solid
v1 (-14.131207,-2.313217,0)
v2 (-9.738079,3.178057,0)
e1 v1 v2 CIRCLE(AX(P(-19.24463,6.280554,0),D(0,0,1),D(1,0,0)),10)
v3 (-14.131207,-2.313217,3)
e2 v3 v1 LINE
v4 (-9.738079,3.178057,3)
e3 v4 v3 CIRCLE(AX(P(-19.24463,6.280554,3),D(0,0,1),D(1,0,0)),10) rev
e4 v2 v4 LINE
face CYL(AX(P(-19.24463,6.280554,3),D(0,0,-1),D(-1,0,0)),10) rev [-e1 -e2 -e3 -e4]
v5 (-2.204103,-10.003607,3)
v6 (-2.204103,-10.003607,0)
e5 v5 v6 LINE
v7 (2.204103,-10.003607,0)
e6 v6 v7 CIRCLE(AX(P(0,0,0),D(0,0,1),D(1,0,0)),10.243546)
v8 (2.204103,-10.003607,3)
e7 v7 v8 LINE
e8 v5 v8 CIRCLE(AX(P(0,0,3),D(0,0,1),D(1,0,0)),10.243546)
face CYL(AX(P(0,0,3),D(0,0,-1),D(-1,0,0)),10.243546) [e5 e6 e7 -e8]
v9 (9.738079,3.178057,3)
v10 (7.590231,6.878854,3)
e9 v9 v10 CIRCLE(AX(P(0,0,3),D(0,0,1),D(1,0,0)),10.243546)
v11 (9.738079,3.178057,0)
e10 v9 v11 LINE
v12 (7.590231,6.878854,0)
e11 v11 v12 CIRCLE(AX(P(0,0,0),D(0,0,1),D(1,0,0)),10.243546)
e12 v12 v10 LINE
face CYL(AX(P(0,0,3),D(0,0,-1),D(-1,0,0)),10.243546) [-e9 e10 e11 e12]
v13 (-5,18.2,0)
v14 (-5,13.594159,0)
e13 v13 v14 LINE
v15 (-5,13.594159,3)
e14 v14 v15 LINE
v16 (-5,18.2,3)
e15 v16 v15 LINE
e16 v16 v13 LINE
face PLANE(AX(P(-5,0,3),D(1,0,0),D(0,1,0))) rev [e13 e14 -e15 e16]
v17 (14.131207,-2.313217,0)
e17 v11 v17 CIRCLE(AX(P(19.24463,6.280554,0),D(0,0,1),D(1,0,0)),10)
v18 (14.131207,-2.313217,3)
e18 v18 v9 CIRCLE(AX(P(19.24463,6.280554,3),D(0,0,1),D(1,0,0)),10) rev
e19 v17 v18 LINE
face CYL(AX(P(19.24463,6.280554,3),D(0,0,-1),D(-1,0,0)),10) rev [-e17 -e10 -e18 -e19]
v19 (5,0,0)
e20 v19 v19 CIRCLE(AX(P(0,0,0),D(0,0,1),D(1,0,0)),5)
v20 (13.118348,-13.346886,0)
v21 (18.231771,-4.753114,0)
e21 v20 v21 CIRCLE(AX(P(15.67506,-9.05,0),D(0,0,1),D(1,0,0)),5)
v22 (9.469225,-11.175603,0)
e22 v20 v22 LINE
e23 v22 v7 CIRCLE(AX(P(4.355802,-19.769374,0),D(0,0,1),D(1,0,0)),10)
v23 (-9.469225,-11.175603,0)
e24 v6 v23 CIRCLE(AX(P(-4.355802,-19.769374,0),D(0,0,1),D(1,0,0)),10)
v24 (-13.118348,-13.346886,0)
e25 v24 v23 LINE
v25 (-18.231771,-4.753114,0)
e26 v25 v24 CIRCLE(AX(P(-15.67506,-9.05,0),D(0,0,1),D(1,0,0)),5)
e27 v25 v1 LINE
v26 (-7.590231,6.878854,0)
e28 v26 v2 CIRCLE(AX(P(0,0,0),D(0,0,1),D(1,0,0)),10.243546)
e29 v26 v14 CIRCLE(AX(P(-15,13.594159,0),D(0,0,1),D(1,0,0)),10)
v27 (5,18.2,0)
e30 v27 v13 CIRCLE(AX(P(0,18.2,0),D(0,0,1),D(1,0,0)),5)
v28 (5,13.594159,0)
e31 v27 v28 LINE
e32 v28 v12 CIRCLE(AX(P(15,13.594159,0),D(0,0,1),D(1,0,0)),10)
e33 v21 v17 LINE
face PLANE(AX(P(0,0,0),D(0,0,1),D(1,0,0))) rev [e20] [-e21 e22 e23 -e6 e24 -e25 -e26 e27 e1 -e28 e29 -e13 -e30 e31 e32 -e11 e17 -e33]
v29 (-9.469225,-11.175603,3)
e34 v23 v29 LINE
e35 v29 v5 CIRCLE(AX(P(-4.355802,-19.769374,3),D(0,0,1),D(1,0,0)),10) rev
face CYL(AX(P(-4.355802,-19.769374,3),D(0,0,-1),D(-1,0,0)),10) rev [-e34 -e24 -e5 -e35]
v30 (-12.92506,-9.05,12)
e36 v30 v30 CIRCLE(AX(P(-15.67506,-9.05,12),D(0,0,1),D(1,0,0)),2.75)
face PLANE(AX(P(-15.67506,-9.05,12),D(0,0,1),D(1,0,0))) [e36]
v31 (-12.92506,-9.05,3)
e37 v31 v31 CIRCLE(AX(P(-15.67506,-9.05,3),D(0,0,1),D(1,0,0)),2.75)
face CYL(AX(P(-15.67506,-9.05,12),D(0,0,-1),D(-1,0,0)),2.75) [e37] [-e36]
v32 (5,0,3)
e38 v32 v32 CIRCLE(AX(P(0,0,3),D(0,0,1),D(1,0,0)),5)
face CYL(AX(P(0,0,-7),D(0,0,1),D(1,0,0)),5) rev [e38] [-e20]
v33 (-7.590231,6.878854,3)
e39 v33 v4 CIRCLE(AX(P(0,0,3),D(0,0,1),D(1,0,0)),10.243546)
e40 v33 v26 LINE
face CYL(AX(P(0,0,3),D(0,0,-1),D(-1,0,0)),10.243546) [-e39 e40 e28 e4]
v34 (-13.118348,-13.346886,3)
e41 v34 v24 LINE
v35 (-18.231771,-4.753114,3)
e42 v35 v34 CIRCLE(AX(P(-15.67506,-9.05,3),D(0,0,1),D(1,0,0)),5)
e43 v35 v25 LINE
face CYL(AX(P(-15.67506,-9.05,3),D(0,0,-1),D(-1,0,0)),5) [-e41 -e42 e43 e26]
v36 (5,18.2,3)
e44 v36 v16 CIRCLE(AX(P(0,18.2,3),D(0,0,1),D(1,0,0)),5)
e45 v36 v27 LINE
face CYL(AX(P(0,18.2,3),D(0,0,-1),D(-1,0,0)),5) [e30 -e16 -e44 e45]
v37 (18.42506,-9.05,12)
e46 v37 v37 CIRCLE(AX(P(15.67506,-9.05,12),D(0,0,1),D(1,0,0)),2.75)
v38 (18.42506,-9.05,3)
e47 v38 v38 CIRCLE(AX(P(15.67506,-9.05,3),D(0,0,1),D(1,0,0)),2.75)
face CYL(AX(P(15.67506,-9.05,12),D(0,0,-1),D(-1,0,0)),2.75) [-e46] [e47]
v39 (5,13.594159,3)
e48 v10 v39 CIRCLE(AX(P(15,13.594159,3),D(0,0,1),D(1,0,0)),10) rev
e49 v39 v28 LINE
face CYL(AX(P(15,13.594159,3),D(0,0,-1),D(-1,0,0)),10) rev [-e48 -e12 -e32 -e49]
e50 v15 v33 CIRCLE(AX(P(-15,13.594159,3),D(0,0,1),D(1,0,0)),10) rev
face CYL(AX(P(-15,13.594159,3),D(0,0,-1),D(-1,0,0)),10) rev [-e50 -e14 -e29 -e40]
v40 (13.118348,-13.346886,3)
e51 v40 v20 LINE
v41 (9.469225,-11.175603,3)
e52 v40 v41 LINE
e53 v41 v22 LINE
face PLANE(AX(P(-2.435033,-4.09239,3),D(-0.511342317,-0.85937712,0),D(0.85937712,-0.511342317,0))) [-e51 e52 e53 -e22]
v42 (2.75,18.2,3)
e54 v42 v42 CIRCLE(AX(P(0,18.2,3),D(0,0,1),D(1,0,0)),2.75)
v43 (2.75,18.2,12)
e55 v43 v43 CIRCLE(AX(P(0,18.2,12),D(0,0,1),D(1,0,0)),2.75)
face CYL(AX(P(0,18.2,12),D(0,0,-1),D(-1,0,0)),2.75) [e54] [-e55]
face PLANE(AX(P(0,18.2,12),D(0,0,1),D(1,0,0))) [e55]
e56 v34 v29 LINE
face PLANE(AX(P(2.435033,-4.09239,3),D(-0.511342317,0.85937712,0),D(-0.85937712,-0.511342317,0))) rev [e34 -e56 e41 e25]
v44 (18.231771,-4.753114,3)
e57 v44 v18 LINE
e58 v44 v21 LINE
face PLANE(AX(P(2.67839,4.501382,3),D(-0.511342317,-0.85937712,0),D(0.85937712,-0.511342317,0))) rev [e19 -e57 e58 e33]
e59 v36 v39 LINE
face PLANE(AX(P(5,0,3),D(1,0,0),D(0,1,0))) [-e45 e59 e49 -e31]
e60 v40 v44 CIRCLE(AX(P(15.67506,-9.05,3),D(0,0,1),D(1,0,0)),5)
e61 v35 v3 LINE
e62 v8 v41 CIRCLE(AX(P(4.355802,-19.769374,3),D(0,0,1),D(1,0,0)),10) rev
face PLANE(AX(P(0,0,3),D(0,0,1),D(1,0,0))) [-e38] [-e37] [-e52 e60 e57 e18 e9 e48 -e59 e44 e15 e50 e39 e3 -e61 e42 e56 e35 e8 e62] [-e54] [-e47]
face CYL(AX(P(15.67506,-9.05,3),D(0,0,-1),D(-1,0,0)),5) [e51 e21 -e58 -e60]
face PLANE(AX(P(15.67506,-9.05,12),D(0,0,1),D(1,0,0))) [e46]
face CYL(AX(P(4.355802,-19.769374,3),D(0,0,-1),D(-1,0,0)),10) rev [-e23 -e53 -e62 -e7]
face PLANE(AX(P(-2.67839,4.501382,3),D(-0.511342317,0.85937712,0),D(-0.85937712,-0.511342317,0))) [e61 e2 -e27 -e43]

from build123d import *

# Parameters (mm, degrees)
SALIENTE_EXTRUIR1_DEPTH = 3
CROQUIS3_R              = 5
CORTAR_EXTRUIR2_DEPTH   = 10
REDONDEO1_R             = 10
CROQUIS2_R              = 2.75
SALIENTE_EXTRUIR2_DEPTH = 9


with BuildPart() as part:
    # Croquis1 → Saliente-Extruir1 (new body)
    with BuildSketch(Plane.XY):
        with BuildLine():
            Line((-13.118348224, -13.346885602), (-5.358962429, -8.729934305))
            ThreePointArc((-5.358962429, -8.729934305), (0, -10.243545836), (5.358962429, -8.729934305))
            Line((5.358962429, -8.729934305), (13.118348224, -13.346885602))
            ThreePointArc((13.118348224, -13.346885602), (19.97194541, -11.606711584), (18.231771393, -4.753114398))
            Line((18.231771393, -4.753114398), (10.243545836, 0))
            ThreePointArc((10.243545836, 0), (8.83594818, 5.182301714), (5, 8.94037087))
            Line((5, 8.94037087), (5, 18.2))
            ThreePointArc((5, 18.2), (0, 23.2), (-5, 18.2))
            Line((-5, 18.2), (-5, 8.94037087))
            ThreePointArc((-5, 8.94037087), (-8.83594818, 5.182301714), (-10.243545836, 0))
            Line((-10.243545836, 0), (-18.231771393, -4.753114398))
            ThreePointArc((-18.231771393, -4.753114398), (-19.97194541, -11.606711584), (-13.118348224, -13.346885602))
        make_face()
    extrude(amount=SALIENTE_EXTRUIR1_DEPTH)

    # Croquis3 → Cortar-Extruir2 (cut)
    with BuildSketch(Plane.XY.offset(3)):
        Circle(CROQUIS3_R)
    extrude(amount=-CORTAR_EXTRUIR2_DEPTH, mode=Mode.SUBTRACT)

    # Redondeo1
    redondeo1_edges = [part.edges().sort_by_distance(p)[0] for p in [
        (-10.243545836, 0, 1.5),
        (-5, 8.94037087, 1.5),
        (5, 8.94037087, 1.5),
        (10.243545836, 0, 1.5),
        (5.358962429, -8.729934305, 1.5),
        (-5.358962429, -8.729934305, 1.5),
    ]]
    fillet(redondeo1_edges, radius=REDONDEO1_R)

    # Croquis2 → Saliente-Extruir2 (add)
    with BuildSketch(Plane.XY.offset(3)):
        with Locations((0, 18.2)):
            Circle(CROQUIS2_R)
        with Locations((15.675059808, -9.05)):
            Circle(CROQUIS2_R)
        with Locations((-15.675059808, -9.05)):
            Circle(CROQUIS2_R)
    extrude(amount=SALIENTE_EXTRUIR2_DEPTH)


solid = part.part
